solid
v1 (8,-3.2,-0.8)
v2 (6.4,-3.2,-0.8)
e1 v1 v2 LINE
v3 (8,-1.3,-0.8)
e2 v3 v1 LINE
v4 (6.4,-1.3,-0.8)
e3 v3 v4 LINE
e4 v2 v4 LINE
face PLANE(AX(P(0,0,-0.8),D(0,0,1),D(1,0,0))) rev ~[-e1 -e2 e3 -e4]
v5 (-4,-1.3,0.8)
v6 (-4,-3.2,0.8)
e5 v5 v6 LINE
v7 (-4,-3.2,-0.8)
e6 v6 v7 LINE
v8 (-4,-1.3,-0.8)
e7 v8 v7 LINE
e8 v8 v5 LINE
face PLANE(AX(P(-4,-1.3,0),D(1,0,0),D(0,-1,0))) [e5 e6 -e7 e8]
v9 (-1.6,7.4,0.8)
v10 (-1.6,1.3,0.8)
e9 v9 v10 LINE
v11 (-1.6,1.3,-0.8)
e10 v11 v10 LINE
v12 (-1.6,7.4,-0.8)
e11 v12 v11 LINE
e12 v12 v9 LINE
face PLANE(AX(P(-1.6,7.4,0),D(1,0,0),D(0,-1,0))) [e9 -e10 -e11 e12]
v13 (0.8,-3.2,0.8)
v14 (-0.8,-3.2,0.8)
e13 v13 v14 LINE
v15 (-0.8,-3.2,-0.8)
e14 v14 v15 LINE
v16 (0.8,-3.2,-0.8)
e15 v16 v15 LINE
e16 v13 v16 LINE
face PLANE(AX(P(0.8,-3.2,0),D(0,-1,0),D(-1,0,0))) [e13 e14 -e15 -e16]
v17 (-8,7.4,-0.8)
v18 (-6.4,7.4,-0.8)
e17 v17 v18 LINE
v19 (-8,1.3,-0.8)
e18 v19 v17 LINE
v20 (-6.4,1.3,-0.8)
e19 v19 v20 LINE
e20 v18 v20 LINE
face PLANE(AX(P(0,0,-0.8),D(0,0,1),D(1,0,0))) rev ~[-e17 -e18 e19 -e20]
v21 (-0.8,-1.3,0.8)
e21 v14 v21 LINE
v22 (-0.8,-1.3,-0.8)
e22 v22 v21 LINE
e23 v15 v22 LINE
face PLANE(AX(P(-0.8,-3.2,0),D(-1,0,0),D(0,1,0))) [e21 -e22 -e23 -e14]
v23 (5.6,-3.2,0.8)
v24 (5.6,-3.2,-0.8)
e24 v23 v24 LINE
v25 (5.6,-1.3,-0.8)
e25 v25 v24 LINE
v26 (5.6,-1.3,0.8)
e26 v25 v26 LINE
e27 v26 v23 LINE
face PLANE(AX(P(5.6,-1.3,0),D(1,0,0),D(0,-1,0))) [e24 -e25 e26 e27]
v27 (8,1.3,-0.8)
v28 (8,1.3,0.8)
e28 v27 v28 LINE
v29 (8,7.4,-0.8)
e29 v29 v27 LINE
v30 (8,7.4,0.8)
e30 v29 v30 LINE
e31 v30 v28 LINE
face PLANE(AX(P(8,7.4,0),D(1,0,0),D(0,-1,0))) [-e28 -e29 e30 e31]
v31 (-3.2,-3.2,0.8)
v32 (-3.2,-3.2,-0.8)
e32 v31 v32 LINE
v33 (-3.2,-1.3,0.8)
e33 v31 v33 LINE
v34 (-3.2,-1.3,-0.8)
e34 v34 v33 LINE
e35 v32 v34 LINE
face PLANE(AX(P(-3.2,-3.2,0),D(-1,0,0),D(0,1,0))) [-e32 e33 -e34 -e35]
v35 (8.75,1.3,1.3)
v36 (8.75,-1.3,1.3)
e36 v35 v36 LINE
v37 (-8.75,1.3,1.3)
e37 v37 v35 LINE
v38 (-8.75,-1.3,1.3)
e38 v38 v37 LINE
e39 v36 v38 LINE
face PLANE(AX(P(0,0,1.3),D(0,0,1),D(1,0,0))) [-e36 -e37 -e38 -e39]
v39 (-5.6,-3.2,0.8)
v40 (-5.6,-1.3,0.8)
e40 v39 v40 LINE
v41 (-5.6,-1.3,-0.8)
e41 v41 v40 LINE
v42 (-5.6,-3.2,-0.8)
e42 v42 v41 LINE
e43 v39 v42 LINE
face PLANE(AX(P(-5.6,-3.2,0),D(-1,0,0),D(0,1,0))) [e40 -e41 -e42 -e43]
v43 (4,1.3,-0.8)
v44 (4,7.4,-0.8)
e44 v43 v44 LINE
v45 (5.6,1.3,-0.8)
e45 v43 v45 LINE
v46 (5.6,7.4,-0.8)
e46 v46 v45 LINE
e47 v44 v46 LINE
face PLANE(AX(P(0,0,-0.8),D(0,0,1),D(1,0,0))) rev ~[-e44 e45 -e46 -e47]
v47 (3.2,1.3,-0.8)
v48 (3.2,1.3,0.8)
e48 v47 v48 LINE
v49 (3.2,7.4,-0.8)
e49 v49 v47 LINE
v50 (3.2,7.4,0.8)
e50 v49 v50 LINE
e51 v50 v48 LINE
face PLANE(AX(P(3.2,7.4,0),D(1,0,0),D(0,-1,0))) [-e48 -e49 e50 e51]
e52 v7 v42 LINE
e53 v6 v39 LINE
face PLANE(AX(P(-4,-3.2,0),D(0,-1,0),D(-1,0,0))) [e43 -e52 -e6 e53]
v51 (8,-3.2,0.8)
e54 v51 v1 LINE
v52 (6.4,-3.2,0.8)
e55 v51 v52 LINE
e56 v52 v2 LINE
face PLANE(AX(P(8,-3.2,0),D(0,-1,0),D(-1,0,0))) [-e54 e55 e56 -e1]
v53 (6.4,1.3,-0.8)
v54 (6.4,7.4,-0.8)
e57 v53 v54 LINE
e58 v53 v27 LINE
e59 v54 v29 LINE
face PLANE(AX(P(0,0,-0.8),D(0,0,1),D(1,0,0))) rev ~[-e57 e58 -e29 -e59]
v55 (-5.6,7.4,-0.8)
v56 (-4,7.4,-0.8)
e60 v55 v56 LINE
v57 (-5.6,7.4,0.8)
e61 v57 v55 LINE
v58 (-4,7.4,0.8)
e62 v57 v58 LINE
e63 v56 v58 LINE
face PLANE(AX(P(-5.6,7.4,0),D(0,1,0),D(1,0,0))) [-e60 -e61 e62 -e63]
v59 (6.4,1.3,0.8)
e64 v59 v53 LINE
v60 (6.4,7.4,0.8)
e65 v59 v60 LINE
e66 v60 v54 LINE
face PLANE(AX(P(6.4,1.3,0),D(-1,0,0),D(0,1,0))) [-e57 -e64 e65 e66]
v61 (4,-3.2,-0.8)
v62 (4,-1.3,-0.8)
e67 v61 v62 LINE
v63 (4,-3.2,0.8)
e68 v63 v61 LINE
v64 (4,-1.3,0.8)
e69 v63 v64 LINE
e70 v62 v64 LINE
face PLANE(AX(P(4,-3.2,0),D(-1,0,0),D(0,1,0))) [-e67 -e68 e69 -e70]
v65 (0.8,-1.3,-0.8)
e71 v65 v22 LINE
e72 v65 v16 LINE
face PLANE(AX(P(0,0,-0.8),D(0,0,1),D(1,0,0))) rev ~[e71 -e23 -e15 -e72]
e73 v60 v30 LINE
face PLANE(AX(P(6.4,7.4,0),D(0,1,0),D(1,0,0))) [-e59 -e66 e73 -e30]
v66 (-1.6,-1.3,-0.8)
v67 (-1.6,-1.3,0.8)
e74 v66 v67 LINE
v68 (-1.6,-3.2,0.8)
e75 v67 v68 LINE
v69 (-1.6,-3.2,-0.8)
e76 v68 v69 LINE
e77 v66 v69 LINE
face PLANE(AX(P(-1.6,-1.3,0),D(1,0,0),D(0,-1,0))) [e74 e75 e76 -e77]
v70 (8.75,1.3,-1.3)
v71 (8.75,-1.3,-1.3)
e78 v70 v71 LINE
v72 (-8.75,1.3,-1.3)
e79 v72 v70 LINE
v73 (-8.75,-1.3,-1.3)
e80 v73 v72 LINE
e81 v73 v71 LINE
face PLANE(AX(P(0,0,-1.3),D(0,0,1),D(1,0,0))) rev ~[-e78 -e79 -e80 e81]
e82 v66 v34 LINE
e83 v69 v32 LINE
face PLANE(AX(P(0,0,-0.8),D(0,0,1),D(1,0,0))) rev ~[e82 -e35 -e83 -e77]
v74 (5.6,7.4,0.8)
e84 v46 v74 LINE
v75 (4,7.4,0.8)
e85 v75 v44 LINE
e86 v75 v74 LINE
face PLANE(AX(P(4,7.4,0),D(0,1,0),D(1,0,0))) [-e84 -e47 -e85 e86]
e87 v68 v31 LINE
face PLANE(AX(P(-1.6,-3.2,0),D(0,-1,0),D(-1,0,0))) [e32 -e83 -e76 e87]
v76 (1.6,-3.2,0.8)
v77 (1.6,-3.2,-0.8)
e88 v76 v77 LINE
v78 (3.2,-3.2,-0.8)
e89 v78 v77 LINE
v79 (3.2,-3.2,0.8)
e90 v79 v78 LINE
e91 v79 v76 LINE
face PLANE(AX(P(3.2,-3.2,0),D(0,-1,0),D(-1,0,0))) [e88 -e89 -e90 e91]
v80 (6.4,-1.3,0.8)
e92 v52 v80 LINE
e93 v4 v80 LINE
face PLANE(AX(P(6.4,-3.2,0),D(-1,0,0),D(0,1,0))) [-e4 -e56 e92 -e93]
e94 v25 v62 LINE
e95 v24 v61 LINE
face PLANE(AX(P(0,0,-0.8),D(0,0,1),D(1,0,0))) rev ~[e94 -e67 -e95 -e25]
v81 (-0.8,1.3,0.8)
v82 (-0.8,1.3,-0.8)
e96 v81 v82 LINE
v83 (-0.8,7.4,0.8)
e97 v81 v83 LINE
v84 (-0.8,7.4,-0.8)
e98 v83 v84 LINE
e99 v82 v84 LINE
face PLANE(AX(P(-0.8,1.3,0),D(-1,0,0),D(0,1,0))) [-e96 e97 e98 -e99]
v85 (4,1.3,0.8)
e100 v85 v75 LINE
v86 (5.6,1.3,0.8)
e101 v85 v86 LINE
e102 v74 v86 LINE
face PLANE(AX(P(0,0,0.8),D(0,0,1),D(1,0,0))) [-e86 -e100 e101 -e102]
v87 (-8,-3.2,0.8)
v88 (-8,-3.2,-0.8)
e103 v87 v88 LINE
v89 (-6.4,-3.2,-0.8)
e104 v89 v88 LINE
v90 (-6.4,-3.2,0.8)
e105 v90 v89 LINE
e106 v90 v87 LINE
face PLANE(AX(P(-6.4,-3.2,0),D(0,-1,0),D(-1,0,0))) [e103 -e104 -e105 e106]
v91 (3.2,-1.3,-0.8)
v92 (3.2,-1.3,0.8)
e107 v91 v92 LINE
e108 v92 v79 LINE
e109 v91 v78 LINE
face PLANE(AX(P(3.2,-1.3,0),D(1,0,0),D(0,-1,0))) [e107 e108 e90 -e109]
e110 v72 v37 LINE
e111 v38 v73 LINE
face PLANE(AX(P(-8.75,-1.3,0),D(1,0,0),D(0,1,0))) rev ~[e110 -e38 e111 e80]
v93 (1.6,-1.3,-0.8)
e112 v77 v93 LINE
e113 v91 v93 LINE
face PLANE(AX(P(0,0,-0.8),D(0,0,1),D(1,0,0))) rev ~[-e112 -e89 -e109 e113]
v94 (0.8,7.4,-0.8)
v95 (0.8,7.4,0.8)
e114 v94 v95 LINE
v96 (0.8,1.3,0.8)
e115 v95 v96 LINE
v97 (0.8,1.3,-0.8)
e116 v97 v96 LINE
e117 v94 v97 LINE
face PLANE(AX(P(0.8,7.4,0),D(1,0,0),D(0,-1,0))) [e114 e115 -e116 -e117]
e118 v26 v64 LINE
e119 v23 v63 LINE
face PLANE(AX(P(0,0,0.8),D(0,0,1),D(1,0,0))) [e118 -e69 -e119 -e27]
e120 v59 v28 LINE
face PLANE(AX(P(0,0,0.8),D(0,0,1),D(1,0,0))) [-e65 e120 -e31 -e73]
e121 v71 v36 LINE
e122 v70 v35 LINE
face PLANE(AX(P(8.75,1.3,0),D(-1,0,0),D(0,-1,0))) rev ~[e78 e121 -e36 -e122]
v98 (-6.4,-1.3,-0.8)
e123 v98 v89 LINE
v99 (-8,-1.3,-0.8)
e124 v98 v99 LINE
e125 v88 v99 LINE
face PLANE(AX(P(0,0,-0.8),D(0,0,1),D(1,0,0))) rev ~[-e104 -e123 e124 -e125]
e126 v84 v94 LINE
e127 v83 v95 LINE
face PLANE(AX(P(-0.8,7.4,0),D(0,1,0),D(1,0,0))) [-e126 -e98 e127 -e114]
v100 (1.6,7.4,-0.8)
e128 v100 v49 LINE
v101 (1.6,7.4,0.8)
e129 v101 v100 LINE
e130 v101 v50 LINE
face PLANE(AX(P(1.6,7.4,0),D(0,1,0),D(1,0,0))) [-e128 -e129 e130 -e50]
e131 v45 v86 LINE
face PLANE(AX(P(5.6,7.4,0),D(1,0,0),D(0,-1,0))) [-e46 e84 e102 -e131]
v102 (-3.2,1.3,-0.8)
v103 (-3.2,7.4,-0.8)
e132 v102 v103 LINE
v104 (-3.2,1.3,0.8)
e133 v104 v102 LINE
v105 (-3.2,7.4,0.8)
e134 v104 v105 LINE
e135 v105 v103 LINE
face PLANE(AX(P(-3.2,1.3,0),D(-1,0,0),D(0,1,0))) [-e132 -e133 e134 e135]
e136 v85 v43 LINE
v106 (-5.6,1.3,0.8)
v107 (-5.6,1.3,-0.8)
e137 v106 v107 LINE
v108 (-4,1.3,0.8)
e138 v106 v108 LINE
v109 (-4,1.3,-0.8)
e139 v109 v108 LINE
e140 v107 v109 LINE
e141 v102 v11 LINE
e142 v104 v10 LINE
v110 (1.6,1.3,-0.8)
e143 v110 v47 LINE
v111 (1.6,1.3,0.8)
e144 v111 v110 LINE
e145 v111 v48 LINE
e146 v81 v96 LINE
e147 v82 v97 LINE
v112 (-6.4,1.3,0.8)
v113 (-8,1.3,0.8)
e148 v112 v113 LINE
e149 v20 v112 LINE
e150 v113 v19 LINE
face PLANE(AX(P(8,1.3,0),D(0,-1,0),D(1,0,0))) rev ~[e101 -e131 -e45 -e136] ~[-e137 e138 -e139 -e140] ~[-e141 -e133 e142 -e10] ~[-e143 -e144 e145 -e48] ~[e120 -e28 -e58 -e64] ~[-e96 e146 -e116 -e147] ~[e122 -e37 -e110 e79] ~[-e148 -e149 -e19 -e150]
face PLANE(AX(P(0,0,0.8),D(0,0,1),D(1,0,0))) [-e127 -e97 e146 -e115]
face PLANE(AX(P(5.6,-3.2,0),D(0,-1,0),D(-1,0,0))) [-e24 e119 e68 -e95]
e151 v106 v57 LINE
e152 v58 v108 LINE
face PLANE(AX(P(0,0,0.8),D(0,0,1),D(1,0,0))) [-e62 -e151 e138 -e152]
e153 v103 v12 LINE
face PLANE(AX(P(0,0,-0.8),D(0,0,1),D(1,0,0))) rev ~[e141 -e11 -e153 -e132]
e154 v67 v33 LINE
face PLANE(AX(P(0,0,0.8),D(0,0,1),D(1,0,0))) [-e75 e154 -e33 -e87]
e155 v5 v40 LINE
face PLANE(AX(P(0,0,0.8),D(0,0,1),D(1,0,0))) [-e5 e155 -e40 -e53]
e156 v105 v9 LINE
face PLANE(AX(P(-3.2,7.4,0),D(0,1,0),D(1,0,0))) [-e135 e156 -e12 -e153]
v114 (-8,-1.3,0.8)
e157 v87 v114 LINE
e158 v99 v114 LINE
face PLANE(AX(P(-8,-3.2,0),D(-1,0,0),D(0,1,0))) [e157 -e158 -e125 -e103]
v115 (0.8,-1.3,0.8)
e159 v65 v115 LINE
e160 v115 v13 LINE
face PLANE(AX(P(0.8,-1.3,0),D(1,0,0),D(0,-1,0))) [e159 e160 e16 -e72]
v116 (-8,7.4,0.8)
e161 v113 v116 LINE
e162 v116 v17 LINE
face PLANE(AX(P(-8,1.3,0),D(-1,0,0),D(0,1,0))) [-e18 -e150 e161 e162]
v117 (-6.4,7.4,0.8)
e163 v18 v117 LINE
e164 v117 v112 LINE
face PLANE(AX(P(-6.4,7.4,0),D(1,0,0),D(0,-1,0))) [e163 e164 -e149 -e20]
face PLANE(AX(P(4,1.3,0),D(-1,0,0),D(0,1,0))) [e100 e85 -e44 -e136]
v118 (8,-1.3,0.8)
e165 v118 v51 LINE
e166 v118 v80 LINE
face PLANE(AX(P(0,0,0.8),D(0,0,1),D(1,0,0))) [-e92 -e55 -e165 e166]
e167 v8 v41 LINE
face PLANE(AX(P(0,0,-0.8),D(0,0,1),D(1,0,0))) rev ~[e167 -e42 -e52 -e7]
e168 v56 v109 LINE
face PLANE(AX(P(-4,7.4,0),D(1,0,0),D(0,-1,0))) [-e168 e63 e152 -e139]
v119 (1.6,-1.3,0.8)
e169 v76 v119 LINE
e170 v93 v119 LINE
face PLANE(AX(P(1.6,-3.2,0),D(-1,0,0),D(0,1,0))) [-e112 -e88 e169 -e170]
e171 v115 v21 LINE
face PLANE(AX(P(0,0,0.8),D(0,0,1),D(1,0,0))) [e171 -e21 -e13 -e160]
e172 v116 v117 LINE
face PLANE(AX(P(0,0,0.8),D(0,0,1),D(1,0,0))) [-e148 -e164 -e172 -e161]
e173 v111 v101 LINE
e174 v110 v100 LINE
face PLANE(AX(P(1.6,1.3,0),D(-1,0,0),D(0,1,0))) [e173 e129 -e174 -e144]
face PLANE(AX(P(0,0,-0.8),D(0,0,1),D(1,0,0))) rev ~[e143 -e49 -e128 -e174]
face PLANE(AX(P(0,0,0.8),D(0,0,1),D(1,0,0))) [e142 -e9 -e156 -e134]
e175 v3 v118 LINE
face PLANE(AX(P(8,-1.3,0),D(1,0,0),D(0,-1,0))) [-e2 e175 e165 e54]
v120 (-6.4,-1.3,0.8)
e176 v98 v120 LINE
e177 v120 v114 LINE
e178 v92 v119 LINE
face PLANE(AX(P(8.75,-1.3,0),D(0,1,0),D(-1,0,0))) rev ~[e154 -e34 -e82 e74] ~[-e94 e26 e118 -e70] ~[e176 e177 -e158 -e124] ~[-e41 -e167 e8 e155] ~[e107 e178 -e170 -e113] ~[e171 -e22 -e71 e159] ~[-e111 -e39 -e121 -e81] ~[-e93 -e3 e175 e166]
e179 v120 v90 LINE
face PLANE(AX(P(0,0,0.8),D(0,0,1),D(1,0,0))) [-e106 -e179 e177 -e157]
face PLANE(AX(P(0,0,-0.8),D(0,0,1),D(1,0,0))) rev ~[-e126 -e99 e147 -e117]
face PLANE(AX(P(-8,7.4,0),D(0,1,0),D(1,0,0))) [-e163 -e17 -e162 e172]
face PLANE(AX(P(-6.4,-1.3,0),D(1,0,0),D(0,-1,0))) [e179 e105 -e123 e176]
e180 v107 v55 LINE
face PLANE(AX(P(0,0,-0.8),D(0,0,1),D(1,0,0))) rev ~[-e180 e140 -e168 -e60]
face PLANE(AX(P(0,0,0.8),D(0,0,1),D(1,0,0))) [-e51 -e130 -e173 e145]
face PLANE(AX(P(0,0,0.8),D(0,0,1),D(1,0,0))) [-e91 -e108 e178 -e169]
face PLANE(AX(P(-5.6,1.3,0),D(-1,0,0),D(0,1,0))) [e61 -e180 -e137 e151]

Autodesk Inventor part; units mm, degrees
ref_plane "YZ Plane" through (0, 0, 0) normal (1, 0, 0) x (0, 1, 0)
ref_plane "XZ Plane" through (0, 0, 0) normal (0, 1, 0) x (-1, 0, 0)
ref_plane "XY Plane" through (0, 0, 0) normal (0, 0, 1) x (1, 0, 0)
sketch "Эскиз1" plane through (0, 0, 0) normal (0, 0, 1) x (1, 0, 0)
  line L0 (8.75, -1.3) -> (-8.75, -1.3)
  line L1 (-8.75, -1.3) -> (-8.75, 1.3)
  line L2 (-8.75, 1.3) -> (8.75, 1.3)
  line L3 (8.75, 1.3) -> (8.75, -1.3)
  line L4 (8.75, -1.3) -> (-8.75, 1.3) construction
  line L5 (-8.75, -1.3) -> (8.75, 1.3) construction
  line L6 (-8, 7.4) -> (-6.4, 7.4)
  line L7 (-6.4, 7.4) -> (-6.4, 1.3)
  line L8 (-6.4, 1.3) -> (-8, 1.3)
  line L9 (-8, 1.3) -> (-8, 7.4)
  line L10 (-8, 1.3) -> (-7.2, 1.3)
  line L11 (-6.4, -3.2) -> (-8, -3.2)
  line L12 (-6.4, -1.3) -> (-6.4, -3.2)
  line L13 (-8, -3.2) -> (-8, -1.3)
  line L14 (-4, 7.4) -> (-4, 1.3)
  line L15 (-5.6, 1.3) -> (-5.6, 7.4)
  line L16 (-5.6, 7.4) -> (-4, 7.4)
  line L17 (-5.6, -3.2) -> (-5.6, -1.3)
  line L18 (-4, -1.3) -> (-4, -3.2)
  line L19 (-4, -3.2) -> (-5.6, -3.2)
  line L20 (-1.6, 7.4) -> (-1.6, 1.3)
  line L21 (-3.2, 1.3) -> (-3.2, 7.4)
  line L22 (-3.2, 7.4) -> (-1.6, 7.4)
  line L23 (-3.2, -3.2) -> (-3.2, -1.3)
  line L24 (-1.6, -1.3) -> (-1.6, -3.2)
  line L25 (-1.6, -3.2) -> (-3.2, -3.2)
  line L26 (0.8, 7.4) -> (0.8, 1.3)
  line L27 (-0.8, 1.3) -> (-0.8, 7.4)
  line L28 (-0.8, 7.4) -> (0.8, 7.4)
  line L29 (-0.8, -3.2) -> (-0.8, -1.3)
  line L30 (0.8, -1.3) -> (0.8, -3.2)
  line L31 (0.8, -3.2) -> (-0.8, -3.2)
  line L32 (3.2, 7.4) -> (3.2, 1.3)
  line L33 (1.6, 1.3) -> (1.6, 7.4)
  line L34 (1.6, 7.4) -> (3.2, 7.4)
  line L35 (1.6, -3.2) -> (1.6, -1.3)
  line L36 (3.2, -1.3) -> (3.2, -3.2)
  line L37 (3.2, -3.2) -> (1.6, -3.2)
  line L38 (5.6, 7.4) -> (5.6, 1.3)
  line L39 (4, 1.3) -> (4, 7.4)
  line L40 (4, 7.4) -> (5.6, 7.4)
  line L41 (4, -3.2) -> (4, -1.3)
  line L42 (5.6, -1.3) -> (5.6, -3.2)
  line L43 (5.6, -3.2) -> (4, -3.2)
  line L44 (8, 7.4) -> (8, 1.3)
  line L45 (6.4, 1.3) -> (6.4, 7.4)
  line L46 (6.4, 7.4) -> (8, 7.4)
  line L47 (6.4, -3.2) -> (6.4, -1.3)
  line L48 (8, -1.3) -> (8, -3.2)
  line L49 (8, -3.2) -> (6.4, -3.2)
  point P0 (0, 0)
  point P1 (8, -1.3)
  point P2 (6.4, -1.3)
  point P3 (5.6, -1.3)
  point P4 (4, -1.3)
  point P5 (3.2, -1.3)
  point P6 (1.6, -1.3)
  point P7 (0.8, -1.3)
  point P8 (-0.8, -1.3)
  point P9 (-1.6, -1.3)
  point P10 (-3.2, -1.3)
  point P11 (-4, -1.3)
  point P12 (-5.6, -1.3)
  point P13 (-5.6, 1.3)
  point P14 (-4, 1.3)
  point P15 (-3.2, 1.3)
  point P16 (-1.6, 1.3)
  point P17 (-0.8, 1.3)
  point P18 (0.8, 1.3)
  point P19 (6.4, 1.3)
  point P20 (8, 1.3)
  point P21 (1.6, 1.3)
  point P22 (3.2, 1.3)
  point P23 (4, 1.3)
  point P24 (5.6, 1.3)
  point P25 (-6.4, 1.3)
  dimension "d0" = 17.5
  dimension "d1" = 2.6
  dimension "d3" = 8.7
  dimension "d7" = 4.5
  dimension "d8" = 0.75
  dimension "d9" = 1.6
  dimension "d12" = 2.4
extrude "Выдавливание1" add sketch "Эскиз1" against normal mid plane 2.6 contours L0 L1 L2 L3
extrude "Выдавливание2" add sketch "Эскиз1" along normal mid plane 1.6 contours L48 L49 L47 L0 | L2 L45 L46 L44 | L42 L43 L41 L0 | L2 L39 L40 L38 | L36 L37 L35 L0 | L2 L33 L34 L32 | L30 L31 L29 L0 | L2 L27 L28 L26 | L24 L25 L23 L0 | L2 L21 L22 L20 | L18 L19 L17 L0 | L2 L15 L16 L14 | L12 L11 L13 L0 | L2 L9 L6 L7
properties part number "ЛЦМК.00002.00.00.00.00.01-02"
